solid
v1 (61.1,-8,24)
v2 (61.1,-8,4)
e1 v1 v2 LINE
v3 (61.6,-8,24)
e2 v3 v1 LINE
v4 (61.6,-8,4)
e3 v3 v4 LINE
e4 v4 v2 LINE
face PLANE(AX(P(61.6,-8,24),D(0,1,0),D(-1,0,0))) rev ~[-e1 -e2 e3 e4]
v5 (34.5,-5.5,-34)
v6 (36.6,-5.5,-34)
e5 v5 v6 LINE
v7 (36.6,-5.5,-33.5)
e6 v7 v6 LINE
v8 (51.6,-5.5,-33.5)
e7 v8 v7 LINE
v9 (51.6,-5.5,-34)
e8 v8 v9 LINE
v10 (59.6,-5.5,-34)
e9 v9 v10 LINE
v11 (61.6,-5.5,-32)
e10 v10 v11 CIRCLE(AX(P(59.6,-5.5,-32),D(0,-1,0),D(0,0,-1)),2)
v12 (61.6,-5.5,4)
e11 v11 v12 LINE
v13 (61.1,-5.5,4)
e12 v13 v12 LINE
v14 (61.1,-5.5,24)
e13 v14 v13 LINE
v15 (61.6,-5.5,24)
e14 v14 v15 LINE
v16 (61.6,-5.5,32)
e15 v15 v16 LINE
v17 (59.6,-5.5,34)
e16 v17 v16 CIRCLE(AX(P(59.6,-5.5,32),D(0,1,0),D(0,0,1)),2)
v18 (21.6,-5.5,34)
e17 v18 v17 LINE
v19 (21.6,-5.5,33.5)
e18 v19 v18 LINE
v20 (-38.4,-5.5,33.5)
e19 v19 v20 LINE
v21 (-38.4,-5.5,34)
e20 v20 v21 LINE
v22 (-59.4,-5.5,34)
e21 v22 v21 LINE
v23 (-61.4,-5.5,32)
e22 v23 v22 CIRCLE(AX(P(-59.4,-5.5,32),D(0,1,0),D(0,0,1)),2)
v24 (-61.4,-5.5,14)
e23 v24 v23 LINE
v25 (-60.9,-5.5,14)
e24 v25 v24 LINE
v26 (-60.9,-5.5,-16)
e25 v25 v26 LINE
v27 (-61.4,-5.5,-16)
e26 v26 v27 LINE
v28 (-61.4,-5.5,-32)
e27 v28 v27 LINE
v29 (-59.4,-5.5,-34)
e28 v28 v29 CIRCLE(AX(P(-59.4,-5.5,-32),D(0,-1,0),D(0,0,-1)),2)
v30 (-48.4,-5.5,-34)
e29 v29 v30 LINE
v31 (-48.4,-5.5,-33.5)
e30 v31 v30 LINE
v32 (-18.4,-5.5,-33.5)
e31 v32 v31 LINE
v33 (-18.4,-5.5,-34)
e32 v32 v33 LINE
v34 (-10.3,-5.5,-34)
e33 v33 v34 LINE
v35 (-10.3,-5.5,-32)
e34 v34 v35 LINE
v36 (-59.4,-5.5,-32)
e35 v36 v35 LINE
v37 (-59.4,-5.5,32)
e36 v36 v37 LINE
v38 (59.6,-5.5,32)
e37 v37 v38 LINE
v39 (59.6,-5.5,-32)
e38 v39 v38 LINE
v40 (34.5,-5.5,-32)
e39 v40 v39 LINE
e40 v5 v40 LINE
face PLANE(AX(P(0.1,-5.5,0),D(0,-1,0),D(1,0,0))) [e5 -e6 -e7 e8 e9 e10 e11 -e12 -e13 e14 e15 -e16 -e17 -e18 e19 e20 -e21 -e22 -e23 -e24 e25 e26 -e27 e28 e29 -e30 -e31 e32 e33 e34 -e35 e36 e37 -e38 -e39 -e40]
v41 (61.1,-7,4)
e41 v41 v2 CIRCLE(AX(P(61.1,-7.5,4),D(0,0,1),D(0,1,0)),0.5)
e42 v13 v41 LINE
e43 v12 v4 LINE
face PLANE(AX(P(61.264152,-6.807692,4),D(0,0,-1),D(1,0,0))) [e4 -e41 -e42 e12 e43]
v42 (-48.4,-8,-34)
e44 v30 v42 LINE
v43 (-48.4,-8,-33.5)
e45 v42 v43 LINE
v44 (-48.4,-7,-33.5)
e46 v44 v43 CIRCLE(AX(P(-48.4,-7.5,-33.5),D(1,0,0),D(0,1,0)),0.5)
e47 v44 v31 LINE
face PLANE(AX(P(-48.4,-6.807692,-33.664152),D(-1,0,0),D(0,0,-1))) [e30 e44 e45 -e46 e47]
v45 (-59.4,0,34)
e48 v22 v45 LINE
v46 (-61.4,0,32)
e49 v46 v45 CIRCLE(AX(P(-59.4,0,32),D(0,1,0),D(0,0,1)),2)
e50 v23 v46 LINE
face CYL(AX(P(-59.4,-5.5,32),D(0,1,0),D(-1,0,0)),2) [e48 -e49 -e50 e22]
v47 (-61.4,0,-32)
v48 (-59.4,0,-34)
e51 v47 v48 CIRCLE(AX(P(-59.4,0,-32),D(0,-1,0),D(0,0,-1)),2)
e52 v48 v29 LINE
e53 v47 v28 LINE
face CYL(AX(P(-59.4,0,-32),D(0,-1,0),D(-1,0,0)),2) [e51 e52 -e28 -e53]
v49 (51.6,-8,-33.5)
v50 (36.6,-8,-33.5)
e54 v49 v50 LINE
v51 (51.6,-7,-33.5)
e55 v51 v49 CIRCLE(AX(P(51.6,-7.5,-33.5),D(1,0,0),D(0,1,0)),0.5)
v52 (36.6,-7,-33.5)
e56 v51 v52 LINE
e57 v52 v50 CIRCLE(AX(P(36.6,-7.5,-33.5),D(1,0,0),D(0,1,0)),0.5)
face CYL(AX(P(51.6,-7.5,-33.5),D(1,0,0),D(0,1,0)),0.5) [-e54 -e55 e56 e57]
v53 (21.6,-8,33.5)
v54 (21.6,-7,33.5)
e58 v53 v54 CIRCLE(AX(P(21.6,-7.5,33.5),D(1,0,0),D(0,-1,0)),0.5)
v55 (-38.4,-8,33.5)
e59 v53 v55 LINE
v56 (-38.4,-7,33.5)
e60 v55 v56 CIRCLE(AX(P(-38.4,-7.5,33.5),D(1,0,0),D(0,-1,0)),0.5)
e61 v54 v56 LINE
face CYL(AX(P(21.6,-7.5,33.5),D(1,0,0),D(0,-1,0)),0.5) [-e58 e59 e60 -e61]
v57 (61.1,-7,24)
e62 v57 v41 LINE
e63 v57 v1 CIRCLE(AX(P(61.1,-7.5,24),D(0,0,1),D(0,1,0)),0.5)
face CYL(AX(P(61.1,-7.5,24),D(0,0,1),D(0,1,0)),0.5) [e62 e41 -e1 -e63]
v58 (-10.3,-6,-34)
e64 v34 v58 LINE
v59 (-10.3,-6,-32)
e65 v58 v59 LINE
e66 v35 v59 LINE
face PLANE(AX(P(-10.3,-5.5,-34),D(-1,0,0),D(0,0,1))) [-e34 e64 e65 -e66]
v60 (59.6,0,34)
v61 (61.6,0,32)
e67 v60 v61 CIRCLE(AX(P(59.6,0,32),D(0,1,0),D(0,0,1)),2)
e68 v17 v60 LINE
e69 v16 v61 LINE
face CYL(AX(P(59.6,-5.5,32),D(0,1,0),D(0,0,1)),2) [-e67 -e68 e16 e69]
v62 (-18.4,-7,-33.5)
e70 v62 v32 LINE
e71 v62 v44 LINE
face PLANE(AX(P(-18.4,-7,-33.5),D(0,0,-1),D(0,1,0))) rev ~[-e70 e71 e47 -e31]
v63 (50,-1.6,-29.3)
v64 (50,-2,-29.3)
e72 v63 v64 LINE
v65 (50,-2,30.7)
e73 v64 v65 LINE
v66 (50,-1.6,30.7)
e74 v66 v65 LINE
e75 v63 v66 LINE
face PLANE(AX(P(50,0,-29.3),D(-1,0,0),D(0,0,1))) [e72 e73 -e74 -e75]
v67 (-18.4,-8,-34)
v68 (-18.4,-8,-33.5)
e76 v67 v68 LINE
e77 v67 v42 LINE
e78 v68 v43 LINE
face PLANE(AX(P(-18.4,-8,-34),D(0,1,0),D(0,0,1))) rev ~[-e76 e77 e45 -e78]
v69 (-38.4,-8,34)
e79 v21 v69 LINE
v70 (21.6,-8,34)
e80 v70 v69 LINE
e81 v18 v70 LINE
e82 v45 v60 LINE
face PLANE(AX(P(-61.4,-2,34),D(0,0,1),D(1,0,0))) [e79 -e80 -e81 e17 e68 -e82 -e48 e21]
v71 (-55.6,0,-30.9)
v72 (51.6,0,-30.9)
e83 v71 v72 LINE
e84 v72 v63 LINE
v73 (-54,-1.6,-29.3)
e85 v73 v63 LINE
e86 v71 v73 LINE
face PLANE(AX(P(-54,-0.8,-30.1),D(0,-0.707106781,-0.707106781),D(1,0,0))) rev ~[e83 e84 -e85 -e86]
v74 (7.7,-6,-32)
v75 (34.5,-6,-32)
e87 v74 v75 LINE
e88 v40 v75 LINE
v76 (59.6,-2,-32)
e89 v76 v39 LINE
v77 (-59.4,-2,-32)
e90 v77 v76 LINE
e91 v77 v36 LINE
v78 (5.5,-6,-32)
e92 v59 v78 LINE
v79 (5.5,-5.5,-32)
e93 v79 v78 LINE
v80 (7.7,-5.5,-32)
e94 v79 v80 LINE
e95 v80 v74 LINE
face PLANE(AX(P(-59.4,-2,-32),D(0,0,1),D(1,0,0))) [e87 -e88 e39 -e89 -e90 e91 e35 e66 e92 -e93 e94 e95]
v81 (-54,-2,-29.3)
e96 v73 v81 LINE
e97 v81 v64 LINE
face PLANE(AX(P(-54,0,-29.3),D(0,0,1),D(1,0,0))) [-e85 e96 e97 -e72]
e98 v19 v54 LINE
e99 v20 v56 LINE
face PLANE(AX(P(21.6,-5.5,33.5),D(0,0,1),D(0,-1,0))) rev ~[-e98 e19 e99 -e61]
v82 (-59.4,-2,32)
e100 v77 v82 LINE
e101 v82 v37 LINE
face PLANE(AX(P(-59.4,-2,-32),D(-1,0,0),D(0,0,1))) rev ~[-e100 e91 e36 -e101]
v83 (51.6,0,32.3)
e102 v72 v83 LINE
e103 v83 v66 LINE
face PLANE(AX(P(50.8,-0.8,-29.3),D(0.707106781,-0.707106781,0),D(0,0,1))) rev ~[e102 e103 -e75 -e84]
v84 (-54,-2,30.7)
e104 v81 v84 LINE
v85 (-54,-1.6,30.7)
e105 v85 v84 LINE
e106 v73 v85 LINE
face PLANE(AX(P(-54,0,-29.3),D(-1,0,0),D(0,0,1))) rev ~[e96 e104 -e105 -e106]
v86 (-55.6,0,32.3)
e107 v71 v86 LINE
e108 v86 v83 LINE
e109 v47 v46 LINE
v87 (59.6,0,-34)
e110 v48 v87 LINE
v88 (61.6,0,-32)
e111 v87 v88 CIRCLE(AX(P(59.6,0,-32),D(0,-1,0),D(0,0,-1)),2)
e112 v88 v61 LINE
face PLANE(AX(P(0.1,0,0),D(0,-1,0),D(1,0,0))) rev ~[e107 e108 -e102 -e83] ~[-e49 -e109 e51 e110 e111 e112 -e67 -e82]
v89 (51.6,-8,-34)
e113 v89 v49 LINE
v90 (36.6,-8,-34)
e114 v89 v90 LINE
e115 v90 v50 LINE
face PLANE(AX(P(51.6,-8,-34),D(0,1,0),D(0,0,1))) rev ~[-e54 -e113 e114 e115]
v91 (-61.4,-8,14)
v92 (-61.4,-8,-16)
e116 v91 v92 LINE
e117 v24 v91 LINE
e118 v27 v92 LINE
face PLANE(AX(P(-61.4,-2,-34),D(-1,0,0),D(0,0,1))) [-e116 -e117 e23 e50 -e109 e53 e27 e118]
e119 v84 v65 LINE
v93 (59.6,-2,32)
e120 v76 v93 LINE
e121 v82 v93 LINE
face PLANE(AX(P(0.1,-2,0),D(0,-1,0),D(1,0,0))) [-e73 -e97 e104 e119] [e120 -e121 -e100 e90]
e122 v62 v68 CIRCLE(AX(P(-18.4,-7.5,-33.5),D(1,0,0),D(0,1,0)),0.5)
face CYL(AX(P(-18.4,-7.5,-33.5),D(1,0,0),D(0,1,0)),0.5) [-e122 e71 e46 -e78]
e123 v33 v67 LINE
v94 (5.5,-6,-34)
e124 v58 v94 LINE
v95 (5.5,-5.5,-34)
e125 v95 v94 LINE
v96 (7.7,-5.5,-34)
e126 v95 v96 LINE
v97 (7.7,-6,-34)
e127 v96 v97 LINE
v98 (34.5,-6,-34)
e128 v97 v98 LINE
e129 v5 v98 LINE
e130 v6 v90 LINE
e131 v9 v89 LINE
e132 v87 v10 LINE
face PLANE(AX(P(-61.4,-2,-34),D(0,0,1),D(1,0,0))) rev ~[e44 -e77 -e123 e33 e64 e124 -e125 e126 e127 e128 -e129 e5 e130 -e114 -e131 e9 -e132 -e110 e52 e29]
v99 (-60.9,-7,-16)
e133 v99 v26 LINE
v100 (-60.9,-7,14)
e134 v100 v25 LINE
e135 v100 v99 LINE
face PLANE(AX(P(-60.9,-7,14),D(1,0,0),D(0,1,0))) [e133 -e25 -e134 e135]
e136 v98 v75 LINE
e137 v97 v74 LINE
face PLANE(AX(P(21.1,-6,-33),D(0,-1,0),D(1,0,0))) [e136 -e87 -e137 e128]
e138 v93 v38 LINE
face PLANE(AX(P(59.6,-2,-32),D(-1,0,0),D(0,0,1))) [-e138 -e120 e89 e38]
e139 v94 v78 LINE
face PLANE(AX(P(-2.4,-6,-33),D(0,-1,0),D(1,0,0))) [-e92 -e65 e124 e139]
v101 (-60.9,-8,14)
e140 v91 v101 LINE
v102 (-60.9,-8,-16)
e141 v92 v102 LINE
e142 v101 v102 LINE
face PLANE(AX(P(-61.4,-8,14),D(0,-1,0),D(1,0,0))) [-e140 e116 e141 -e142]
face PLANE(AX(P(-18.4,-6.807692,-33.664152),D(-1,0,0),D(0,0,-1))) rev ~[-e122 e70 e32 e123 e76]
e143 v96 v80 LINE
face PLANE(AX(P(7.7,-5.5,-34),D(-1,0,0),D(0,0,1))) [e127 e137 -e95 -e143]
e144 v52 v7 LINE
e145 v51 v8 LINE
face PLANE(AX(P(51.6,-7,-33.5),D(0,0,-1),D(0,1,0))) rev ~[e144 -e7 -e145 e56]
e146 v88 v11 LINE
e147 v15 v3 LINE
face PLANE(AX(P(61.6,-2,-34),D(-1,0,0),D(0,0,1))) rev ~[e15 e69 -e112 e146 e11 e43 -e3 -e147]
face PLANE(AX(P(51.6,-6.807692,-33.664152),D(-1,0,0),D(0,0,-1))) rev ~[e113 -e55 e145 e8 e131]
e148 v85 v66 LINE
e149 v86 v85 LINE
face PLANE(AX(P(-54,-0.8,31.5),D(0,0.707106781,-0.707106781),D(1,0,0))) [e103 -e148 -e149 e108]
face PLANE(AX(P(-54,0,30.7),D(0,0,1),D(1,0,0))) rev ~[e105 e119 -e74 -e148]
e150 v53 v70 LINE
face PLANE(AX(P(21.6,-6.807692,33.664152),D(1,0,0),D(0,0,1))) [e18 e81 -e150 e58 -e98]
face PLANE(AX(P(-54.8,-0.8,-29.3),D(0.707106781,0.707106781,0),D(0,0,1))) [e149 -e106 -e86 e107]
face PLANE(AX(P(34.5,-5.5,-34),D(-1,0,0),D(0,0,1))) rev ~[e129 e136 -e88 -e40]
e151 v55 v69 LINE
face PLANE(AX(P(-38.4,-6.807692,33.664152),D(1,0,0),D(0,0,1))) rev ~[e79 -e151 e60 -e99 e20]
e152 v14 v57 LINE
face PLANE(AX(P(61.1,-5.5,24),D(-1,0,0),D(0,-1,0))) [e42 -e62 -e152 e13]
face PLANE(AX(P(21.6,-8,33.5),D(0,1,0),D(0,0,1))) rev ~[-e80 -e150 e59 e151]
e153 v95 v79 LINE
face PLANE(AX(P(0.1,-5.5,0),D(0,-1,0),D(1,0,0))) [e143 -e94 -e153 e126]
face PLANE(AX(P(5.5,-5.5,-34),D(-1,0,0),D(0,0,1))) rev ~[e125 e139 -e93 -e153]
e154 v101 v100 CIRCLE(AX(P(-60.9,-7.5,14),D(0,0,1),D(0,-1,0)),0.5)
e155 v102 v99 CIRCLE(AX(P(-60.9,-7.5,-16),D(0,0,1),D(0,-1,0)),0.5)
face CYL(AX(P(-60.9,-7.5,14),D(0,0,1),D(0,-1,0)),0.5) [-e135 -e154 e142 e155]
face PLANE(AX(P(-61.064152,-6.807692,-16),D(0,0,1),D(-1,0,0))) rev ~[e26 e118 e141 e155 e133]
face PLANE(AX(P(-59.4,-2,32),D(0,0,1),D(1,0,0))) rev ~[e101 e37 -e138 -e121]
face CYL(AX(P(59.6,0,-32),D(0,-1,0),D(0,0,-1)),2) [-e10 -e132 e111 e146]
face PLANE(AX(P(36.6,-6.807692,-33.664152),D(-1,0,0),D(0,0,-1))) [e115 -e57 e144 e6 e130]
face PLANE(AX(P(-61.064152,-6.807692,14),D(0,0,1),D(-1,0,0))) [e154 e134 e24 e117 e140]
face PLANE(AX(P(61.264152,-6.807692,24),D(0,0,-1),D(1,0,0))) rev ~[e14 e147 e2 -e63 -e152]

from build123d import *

# Parameters (mm, degrees)
SKETCH_W      = 123
SKETCH_H      = 68
SKETCH_W_2    = 104
SKETCH_H_2    = 60
PAD_DEPTH     = 2
SKETCH001_W   = 123
SKETCH001_H   = 68
SKETCH001_W_2 = 119
SKETCH001_H_2 = 64
PAD001_DEPTH  = 3.5
PAD006_START  = -40
PAD006_DEPTH  = 60
PAD007_START  = -10
PAD007_DEPTH  = 20
PAD008_START  = -20
PAD008_DEPTH  = 30
PAD009_START  = -10
PAD009_DEPTH  = 15
PAD010_START  = -80
PAD010_DEPTH  = 30
SKETCH016_W   = 15.8
SKETCH016_H   = 2
SKETCH016_W_2 = 26.8
PAD014_DEPTH  = 0.5
FILLET_R      = 2
CHAMFER_SIZE  = 1.6


with BuildPart() as part:
    # Sketch → Pad (new body)
    with BuildSketch(Plane.XZ):
        with Locations((0.1, 0)):
            Rectangle(SKETCH_W, SKETCH_H)
        with Locations((-2, 0.7)):
            Rectangle(SKETCH_W_2, SKETCH_H_2, mode=Mode.SUBTRACT)
    extrude(amount=PAD_DEPTH)

    # Sketch001 (on Face10 of Pad) → Pad001 (join)
    with BuildSketch(Plane.XZ.offset(2)):
        with Locations((0.1, 0)):
            Rectangle(SKETCH001_W, SKETCH001_H)
        with Locations((0.1, 0)):
            Rectangle(SKETCH001_W_2, SKETCH001_H_2, mode=Mode.SUBTRACT)
    extrude(amount=PAD001_DEPTH)

    # Sketch008 (on Face7 of Pad001) → Pad006 (join)
    with BuildSketch(Plane(origin=(61.6, 0, 0), x_dir=(0, 0, 1), z_dir=(1, 0, 0)).offset(PAD006_START)):
        with BuildLine():
            Line((34, 5.5), (34, 8))
            Line((33.5, 8), (34, 8))
            ThreePointArc((33.5, 8), (33, 7.5), (33.5, 7))
            Line((33.5, 5.5), (33.5, 7))
            Line((33.5, 5.5), (34, 5.5))
        make_face()
    extrude(amount=-PAD006_DEPTH)

    # Sketch009 (on Face5 of Pad006) → Pad007 (join)
    with BuildSketch(Plane(origin=(0, 0, 34), x_dir=(-1, 0, 0), z_dir=(0, 0, 1)).offset(PAD007_START)):
        with BuildLine():
            Line((-61.1, 5.5), (-61.6, 5.5))
            Line((-61.6, 5.5), (-61.6, 8))
            Line((-61.6, 8), (-61.1, 8))
            ThreePointArc((-61.1, 7), (-60.6, 7.5), (-61.1, 8))
            Line((-61.1, 5.5), (-61.1, 7))
        make_face()
    extrude(amount=-PAD007_DEPTH)

    # Sketch010 (on Face5 of Pad007) → Pad008 (join)
    with BuildSketch(Plane(origin=(0, 0, 34), x_dir=(-1, 0, 0), z_dir=(0, 0, 1)).offset(PAD008_START)):
        with BuildLine():
            Line((60.9, 7), (60.9, 5.5))
            Line((60.9, 5.5), (61.4, 5.5))
            Line((61.4, 5.5), (61.4, 8))
            Line((61.4, 8), (60.9, 8))
            ThreePointArc((60.9, 8), (60.4, 7.5), (60.9, 7))
        make_face()
    extrude(amount=-PAD008_DEPTH)

    # Sketch011 (on Face7 of Pad008) → Pad009 (join)
    with BuildSketch(Plane(origin=(61.6, 0, 0), x_dir=(0, 0, 1), z_dir=(1, 0, 0)).offset(PAD009_START)):
        with BuildLine():
            Line((-33.5, 7), (-33.5, 5.5))
            Line((-33.5, 5.5), (-34, 5.5))
            Line((-34, 5.5), (-34, 8))
            Line((-34, 8), (-33.5, 8))
            ThreePointArc((-33.5, 7), (-33, 7.5), (-33.5, 8))
        make_face()
    extrude(amount=-PAD009_DEPTH)

    # Sketch011 (on Face7 of Pad008) → Pad010 (join)
    with BuildSketch(Plane(origin=(61.6, 0, 0), x_dir=(0, 0, 1), z_dir=(1, 0, 0)).offset(PAD010_START)):
        with BuildLine():
            Line((-33.5, 7), (-33.5, 5.5))
            Line((-33.5, 5.5), (-34, 5.5))
            Line((-34, 5.5), (-34, 8))
            Line((-34, 8), (-33.5, 8))
            ThreePointArc((-33.5, 7), (-33, 7.5), (-33.5, 8))
        make_face()
    extrude(amount=-PAD010_DEPTH)

    # Sketch016 (on Face13 of Pad010) → Pad014 (join)
    with BuildSketch(Plane.XZ.offset(5.5)):
        with Locations((-2.4, -33)):
            Rectangle(SKETCH016_W, SKETCH016_H)
        with Locations((21.1, -33)):
            Rectangle(SKETCH016_W_2, SKETCH016_H)
    extrude(amount=PAD014_DEPTH)

    # Fillet
    fillet_edges = [part.edges().sort_by_distance(p)[0] for p in [
        (61.6, -1, -34),
        (-61.4, -1, -34),
        (-61.4, -1, 34),
        (61.6, -1, 34),
    ]]
    fillet(fillet_edges, radius=FILLET_R)

    # Chamfer
    chamfer_edges = [part.edges().sort_by_distance(p)[0] for p in [
        (-54, 0, 0.7),
        (-2, 0, -29.3),
        (-2, 0, 30.7),
        (50, 0, 0.7),
    ]]
    chamfer(chamfer_edges, length=CHAMFER_SIZE)


solid = part.part
